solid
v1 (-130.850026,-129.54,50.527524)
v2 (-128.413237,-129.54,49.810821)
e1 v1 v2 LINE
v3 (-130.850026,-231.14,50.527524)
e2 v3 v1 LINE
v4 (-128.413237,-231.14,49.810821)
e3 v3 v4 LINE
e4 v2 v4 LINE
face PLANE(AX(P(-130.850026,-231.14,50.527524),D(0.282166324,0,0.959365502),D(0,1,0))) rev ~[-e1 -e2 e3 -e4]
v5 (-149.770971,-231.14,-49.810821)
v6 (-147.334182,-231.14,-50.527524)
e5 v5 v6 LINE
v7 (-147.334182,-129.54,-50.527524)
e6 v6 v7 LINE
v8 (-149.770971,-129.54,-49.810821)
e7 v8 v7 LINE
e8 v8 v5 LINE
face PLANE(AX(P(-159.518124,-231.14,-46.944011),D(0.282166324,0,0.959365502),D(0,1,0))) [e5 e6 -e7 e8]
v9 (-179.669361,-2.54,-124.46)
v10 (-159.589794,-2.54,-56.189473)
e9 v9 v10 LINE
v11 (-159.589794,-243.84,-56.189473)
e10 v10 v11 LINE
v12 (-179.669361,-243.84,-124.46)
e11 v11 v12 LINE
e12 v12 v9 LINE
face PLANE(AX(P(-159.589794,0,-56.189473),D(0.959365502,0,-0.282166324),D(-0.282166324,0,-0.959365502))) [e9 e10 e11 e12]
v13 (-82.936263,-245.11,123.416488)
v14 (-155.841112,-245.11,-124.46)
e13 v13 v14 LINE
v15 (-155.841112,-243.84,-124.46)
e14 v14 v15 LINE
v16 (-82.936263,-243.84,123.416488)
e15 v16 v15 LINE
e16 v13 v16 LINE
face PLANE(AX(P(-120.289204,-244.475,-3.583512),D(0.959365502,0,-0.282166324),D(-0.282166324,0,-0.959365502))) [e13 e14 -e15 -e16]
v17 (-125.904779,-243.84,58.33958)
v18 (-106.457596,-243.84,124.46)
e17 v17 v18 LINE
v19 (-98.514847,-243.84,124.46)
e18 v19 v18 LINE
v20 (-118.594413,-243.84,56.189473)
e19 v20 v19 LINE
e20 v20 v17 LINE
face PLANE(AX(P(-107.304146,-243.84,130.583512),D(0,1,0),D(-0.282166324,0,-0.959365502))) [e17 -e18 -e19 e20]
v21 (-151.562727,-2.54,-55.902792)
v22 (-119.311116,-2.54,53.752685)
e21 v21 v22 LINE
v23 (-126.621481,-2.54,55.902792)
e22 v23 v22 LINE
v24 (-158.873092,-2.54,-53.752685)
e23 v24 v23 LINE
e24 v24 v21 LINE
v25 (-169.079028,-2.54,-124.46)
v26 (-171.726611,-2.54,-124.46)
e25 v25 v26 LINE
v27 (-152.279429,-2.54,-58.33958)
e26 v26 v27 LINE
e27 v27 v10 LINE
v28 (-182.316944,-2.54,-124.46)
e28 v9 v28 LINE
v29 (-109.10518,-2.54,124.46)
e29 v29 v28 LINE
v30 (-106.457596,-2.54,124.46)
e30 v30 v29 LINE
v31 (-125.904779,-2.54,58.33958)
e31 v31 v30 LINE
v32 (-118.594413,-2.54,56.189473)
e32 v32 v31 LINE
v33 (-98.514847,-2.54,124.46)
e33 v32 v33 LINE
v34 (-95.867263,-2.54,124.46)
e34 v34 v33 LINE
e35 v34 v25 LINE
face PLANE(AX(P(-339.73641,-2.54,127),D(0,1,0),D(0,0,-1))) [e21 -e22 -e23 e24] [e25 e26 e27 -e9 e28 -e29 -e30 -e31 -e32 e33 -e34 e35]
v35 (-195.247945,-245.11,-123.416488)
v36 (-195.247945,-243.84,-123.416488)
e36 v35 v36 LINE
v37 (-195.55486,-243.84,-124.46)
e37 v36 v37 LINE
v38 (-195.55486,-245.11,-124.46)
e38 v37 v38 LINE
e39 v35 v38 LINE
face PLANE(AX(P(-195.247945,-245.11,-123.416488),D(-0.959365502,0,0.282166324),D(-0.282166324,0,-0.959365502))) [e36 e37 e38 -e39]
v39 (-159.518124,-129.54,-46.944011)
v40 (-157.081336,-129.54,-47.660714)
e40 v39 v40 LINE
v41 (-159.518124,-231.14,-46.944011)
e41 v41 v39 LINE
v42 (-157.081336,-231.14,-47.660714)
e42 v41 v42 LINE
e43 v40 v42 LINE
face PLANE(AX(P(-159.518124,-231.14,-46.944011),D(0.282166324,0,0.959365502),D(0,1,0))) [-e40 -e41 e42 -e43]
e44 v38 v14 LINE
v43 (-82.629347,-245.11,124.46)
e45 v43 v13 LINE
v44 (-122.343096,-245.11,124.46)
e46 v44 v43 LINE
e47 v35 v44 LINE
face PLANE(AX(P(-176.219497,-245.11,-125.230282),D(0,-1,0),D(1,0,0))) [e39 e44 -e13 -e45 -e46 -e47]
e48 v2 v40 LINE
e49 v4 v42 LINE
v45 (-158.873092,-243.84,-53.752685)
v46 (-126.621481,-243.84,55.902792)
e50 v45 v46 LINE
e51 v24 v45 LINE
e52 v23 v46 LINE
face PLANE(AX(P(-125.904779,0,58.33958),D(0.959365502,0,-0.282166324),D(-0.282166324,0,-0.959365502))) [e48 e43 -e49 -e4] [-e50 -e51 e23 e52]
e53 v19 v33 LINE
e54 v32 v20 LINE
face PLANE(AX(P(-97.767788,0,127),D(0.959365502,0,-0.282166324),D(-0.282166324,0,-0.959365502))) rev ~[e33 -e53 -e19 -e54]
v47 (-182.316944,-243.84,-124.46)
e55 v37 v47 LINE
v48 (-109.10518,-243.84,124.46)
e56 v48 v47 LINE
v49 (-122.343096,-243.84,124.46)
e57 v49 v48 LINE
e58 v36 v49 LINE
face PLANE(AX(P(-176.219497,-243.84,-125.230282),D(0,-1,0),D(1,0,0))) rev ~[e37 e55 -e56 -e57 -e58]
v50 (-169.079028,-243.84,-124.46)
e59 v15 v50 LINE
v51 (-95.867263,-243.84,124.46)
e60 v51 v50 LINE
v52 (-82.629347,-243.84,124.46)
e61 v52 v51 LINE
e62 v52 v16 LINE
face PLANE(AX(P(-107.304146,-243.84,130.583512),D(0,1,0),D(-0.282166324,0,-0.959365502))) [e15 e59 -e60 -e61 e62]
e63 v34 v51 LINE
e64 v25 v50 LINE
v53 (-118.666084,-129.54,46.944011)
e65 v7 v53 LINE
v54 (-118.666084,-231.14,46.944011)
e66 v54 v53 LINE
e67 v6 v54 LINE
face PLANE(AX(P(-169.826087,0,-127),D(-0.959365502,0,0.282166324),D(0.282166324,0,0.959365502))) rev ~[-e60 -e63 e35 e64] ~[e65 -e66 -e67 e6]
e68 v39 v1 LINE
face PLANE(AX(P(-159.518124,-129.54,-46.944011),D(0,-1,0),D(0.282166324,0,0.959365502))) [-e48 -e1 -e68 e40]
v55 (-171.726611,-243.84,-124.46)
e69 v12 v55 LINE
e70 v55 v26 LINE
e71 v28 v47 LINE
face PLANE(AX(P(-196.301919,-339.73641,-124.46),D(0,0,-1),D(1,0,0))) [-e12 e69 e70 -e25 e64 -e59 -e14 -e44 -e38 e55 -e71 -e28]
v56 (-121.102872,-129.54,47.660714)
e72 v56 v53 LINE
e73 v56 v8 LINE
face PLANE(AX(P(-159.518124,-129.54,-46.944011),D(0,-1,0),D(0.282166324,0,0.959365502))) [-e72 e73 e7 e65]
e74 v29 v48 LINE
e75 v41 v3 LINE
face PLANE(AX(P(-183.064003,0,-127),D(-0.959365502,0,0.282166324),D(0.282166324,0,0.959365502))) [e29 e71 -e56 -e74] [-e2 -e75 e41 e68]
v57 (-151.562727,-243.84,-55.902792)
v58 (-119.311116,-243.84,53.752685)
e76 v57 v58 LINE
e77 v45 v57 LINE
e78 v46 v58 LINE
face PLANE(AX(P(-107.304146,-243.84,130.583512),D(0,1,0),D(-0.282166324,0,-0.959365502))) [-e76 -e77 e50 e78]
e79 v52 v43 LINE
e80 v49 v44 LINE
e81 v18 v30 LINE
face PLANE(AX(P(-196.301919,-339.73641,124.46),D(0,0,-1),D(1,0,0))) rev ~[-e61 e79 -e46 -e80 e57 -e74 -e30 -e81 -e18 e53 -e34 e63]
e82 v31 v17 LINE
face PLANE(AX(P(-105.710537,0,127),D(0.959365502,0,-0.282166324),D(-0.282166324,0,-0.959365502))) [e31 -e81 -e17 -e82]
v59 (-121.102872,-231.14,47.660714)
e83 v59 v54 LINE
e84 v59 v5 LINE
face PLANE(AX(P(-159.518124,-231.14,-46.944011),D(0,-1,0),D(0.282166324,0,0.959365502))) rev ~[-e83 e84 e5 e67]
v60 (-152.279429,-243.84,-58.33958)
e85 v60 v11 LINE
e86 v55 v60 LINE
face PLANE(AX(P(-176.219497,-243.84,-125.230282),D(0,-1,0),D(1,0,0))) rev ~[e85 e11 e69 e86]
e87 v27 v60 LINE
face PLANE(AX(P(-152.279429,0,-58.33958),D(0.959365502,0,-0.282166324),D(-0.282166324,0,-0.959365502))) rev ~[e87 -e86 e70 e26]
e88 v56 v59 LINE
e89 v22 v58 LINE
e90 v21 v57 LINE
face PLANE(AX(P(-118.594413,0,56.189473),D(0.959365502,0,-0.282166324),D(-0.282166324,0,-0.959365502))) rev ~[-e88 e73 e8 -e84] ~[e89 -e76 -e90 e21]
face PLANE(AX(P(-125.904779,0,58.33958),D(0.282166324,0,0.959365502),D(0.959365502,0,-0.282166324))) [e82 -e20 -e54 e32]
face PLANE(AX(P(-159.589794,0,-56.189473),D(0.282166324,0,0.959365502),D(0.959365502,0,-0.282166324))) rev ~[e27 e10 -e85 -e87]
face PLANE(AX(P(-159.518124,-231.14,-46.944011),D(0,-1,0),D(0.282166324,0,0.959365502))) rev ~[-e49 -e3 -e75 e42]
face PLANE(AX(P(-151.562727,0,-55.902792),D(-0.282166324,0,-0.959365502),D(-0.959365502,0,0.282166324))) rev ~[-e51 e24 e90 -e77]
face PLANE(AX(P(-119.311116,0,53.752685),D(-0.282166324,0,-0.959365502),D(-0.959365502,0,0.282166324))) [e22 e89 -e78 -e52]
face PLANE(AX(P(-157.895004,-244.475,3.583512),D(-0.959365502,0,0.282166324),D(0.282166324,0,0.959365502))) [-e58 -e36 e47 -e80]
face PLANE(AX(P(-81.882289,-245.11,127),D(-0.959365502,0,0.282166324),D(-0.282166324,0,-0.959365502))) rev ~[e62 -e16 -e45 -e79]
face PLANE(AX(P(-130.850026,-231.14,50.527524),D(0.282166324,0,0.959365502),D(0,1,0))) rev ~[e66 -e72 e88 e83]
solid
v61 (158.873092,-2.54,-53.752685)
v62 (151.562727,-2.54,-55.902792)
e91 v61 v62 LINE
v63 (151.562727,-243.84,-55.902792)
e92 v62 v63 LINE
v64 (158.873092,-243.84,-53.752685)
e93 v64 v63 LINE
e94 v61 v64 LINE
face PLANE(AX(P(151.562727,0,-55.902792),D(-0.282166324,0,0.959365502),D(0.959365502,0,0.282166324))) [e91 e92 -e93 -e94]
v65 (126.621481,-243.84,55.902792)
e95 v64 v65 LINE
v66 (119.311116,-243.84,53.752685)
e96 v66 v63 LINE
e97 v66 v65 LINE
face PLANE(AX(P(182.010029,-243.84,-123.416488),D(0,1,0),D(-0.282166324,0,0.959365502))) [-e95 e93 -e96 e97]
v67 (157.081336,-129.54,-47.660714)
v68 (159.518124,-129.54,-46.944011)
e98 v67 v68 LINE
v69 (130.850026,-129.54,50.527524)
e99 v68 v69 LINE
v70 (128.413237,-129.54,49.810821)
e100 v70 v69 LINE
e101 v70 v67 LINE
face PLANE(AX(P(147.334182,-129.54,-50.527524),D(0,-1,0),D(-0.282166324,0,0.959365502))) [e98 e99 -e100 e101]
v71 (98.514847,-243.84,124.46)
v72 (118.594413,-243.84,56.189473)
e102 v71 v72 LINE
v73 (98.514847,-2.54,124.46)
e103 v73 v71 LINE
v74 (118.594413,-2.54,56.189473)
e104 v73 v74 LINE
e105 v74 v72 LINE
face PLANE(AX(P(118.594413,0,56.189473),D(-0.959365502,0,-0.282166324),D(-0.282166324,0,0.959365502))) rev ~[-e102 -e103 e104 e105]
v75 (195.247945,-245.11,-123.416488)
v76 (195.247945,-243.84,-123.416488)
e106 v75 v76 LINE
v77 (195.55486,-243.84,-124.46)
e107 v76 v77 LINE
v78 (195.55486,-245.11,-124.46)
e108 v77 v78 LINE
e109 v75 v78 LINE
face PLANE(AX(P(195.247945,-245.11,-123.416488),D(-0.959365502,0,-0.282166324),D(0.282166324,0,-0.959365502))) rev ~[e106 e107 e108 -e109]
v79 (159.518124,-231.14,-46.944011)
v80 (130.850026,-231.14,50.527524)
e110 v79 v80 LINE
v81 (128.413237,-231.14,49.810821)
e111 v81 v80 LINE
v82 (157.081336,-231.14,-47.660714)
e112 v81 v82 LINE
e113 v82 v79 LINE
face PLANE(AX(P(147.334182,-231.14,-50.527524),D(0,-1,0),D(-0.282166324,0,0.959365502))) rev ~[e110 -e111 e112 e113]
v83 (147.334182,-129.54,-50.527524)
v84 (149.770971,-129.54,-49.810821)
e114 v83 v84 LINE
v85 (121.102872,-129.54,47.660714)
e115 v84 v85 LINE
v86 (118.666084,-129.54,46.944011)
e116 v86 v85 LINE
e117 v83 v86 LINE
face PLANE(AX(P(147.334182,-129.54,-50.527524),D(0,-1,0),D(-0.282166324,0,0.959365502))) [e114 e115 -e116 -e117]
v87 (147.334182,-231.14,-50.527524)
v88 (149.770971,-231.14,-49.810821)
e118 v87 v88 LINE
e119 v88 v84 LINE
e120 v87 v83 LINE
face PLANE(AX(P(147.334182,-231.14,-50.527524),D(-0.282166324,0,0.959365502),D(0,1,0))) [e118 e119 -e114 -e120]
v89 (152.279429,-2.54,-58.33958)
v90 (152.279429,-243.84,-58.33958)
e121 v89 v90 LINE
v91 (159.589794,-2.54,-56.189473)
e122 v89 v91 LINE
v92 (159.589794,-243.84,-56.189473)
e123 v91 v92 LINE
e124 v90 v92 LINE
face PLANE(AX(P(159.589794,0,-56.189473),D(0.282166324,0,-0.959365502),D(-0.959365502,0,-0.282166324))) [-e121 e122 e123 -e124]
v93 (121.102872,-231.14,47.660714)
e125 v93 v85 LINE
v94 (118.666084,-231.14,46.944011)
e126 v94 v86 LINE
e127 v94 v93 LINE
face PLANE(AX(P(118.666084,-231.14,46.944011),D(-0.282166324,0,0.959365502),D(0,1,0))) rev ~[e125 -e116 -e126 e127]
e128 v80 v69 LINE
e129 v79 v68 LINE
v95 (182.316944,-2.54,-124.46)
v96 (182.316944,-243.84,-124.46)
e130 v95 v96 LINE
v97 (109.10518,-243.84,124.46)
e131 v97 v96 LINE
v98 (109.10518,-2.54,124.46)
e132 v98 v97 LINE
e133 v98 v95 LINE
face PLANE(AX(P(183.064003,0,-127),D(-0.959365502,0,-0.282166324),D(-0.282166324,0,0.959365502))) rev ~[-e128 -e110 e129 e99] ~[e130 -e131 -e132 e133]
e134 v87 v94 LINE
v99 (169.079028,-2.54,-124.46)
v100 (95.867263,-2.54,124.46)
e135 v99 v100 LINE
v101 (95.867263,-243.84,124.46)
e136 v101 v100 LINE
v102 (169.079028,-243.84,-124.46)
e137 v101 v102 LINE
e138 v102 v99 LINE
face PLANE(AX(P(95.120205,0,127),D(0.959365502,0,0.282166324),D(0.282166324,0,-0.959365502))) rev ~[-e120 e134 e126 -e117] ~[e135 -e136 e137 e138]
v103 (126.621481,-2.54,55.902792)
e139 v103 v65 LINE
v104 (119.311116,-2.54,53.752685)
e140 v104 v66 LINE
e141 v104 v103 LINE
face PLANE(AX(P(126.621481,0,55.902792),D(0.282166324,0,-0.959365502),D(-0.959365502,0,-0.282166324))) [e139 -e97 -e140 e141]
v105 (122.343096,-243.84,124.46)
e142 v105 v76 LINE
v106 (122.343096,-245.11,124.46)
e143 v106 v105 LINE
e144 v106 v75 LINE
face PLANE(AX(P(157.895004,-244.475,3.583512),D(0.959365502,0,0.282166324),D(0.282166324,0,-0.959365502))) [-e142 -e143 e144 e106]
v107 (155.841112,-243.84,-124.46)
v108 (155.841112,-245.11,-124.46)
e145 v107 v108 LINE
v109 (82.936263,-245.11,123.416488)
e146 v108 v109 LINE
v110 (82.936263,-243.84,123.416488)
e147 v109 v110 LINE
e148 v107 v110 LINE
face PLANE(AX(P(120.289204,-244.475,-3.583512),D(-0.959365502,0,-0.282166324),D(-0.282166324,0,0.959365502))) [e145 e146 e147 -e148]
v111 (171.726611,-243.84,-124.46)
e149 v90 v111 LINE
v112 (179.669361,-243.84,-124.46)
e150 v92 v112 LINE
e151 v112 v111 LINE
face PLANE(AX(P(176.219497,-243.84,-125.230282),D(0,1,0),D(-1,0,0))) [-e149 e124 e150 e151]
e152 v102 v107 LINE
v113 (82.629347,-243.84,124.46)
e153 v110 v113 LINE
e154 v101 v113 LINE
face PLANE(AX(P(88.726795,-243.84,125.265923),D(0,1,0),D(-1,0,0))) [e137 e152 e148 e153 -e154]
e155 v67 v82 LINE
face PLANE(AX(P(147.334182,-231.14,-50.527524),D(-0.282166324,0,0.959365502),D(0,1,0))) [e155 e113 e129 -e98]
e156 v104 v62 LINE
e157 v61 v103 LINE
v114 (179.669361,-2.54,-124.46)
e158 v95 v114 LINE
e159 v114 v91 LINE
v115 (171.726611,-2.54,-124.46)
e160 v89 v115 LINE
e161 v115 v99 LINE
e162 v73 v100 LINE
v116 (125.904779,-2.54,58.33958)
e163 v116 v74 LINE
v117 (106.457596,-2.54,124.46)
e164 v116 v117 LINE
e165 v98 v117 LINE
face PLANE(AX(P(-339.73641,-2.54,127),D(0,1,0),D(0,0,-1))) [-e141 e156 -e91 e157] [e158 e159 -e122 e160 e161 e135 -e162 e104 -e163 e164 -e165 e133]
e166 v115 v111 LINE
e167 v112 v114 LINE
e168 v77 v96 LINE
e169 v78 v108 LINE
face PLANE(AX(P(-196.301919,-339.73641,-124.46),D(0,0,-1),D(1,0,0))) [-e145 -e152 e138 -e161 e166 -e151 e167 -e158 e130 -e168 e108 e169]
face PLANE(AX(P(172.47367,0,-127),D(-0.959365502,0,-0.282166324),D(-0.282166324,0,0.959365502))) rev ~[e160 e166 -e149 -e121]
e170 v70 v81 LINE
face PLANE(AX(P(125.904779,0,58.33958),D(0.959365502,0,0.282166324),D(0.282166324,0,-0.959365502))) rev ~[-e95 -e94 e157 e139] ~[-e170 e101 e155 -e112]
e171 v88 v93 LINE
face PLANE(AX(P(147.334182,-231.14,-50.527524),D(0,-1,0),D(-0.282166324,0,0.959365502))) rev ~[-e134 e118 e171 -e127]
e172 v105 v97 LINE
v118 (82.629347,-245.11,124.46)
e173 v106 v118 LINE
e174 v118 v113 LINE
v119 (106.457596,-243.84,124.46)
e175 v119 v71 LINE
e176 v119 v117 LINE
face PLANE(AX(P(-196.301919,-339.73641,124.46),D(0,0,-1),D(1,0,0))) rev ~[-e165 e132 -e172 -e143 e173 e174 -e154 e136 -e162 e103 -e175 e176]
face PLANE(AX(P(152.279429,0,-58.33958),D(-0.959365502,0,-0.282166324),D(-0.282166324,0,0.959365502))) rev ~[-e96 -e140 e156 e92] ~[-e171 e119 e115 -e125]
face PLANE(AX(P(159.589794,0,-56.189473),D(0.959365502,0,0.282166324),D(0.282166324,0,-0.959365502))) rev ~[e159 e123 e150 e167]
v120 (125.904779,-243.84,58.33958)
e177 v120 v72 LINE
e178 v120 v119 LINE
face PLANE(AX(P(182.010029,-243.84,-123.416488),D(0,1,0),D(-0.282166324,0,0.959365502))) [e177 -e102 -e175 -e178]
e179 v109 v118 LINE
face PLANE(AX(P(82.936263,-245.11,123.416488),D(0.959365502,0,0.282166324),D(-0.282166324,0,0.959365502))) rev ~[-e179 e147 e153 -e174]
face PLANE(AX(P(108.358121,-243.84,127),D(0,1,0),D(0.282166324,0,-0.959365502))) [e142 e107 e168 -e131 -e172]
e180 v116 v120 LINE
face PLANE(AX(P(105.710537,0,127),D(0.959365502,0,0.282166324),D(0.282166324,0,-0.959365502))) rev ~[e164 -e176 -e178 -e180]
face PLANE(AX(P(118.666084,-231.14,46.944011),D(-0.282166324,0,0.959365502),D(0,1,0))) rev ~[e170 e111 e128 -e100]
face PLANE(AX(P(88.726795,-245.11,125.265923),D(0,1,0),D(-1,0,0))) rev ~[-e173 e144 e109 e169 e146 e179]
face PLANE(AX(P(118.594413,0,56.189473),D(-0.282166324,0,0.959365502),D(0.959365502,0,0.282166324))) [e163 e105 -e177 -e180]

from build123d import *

# Parameters (mm, degrees)
BOSS_EXTRUDE2_DEPTH      = 245.11
BOSS_EXTRUDE2_2_DEPTH    = 245.11
BOSS_EXTRUDE2_3_DEPTH    = 245.11
BOSS_EXTRUDE2_4_DEPTH    = 245.11
BOSS_EXTRUDE3_DEPTH      = 245.11
SKETCH4_W                = 264.758321603
SKETCH4_H                = 1.27
BOSS_EXTRUDE4_DEPTH      = 12.7
BOSS_EXTRUDE5_DEPTH      = 12.7
BOSS_EXTRUDE5_DEPTH_BACK = 12.7
SKETCH6_W                = 264.758321603
SKETCH6_H                = 1.27
BOSS_EXTRUDE6_DEPTH      = 12.7
BOSS_EXTRUDE6_DEPTH_BACK = 12.7
SKETCH7_W                = 264.758321603
SKETCH7_H                = 1.27
SKETCH8_W                = 264.758321603
SKETCH8_H                = 1.27
BOSS_EXTRUDE7_DEPTH      = 12.7
SKETCH13_W               = 101.6
SKETCH13_H               = 101.6
CUT_EXTRUDE1_DEPTH       = 12.7
SKETCH14_W               = 26.475832161
SKETCH14_H               = 3.583512315
CUT_EXTRUDE2_DEPTH       = 340.488918503
SKETCH15_W               = 26.475832161
SKETCH15_H               = 3.583512315
CUT_EXTRUDE3_DEPTH       = 340.488918503
BOSS_EXTRUDE8_DEPTH      = 1.27
BOSS_EXTRUDE9_DEPTH      = 1.27
SKETCH18_W               = 101.6
SKETCH18_H               = 101.6
CUT_EXTRUDE4_DEPTH       = 434.441384542
CUT_EXTRUDE5_DEPTH       = 339.736410143
CUT_EXTRUDE5_DEPTH_BACK  = 339.736410143
SKETCH19_W               = 254
SKETCH19_H               = 2.54
CUT_EXTRUDE6_DEPTH       = 339.736410143
CUT_EXTRUDE6_DEPTH_BACK  = 339.736410143
SKETCH20_W               = 392.603838272
SKETCH20_H               = 2.54


with BuildPart() as part:
    # Sketch2 → Boss-Extrude2 (new body)
    with BuildSketch(Plane(origin=(0, 0, 0), x_dir=(1, 0, 0), z_dir=(0, 1, 0))):
        Polygon((-159.589794279, 56.189473094), (-152.279429157, 58.339580483), (-151.562726694, 55.902792109), (-158.873091816, 53.75268472), align=None)
    extrude(amount=-BOSS_EXTRUDE2_DEPTH)



with BuildPart() as body_2:
    # Sketch2 → Boss-Extrude2 2 (new body)
    with BuildSketch(Plane(origin=(0, 0, 0), x_dir=(1, 0, 0), z_dir=(0, 1, 0))):
        Polygon((-125.904778521, -58.339580483), (-118.594413399, -56.189473094), (-119.311115862, -53.75268472), (-126.621480984, -55.902792109), align=None)
    extrude(amount=-BOSS_EXTRUDE2_2_DEPTH)


with BuildPart() as body_3:
    # Sketch2 → Boss-Extrude2 3 (new body)
    with BuildSketch(Plane(origin=(0, 0, 0), x_dir=(1, 0, 0), z_dir=(0, 1, 0))):
        Polygon((119.311115862, -53.75268472), (118.594413399, -56.189473094), (125.904778521, -58.339580483), (126.621480984, -55.902792109), align=None)
    extrude(amount=-BOSS_EXTRUDE2_3_DEPTH)


with BuildPart() as body_4:
    # Sketch2 → Boss-Extrude2 4 (new body)
    with BuildSketch(Plane(origin=(0, 0, 0), x_dir=(1, 0, 0), z_dir=(0, 1, 0))):
        Polygon((158.873091816, 53.75268472), (159.589794279, 56.189473094), (152.279429157, 58.339580483), (151.562726694, 55.902792109), align=None)
    extrude(amount=-BOSS_EXTRUDE2_4_DEPTH)


with BuildPart() as part_1:
    add(part.part)

    add(body_2.part)  # Boss-Extrude3 merges body 2

    add(body_3.part)  # Boss-Extrude3 merges body 3

    add(body_4.part)  # Boss-Extrude3 merges body 4
    # Sketch3 → Boss-Extrude3 (add)
    with BuildSketch(Plane(origin=(0, 0, 0), x_dir=(1, 0, 0), z_dir=(0, 1, 0))):
        Polygon((-152.279429157, 58.339580483), (-172.473670191, 127), (-169.826086975, 127), (-95.120204622, -127), (-97.767787838, -127), (-118.594413399, -56.189473094), align=None)
        Polygon((-180.416419839, 127), (-183.064003056, 127), (-108.358120703, -127), (-105.710537487, -127), (-125.904778521, -58.339580483), (-159.589794279, 56.189473094), align=None)
        Polygon((159.589794279, 56.189473094), (180.416419839, 127), (183.064003056, 127), (108.358120703, -127), (105.710537487, -127), (125.904778521, -58.339580483), align=None)
        Polygon((152.279429157, 58.339580483), (118.594413399, -56.189473094), (97.767787838, -127), (95.120204622, -127), (169.826086975, 127), (172.473670191, 127), align=None)
    extrude(amount=-BOSS_EXTRUDE3_DEPTH)

    # Sketch4 → Boss-Extrude4 (add)
    with BuildSketch(Plane(origin=(-134.109862685, 0, 39.44407726), x_dir=(0.28216632399155117, 0, 0.9593655015712703), z_dir=(-0.9593655015712702, 0, 0.2821663239915511))):
        with Locations((-41.114754696, -244.475)):
            Rectangle(SKETCH4_W, SKETCH4_H)
    extrude(amount=BOSS_EXTRUDE4_DEPTH)

    # Sketch6 → Boss-Extrude5 (add, two sides: drawn at the far end of the back side and taken through both)
    with BuildSketch(Plane(origin=(-121.925920815, 0, 35.860564946), x_dir=(-0.28216632399155095, 0, -0.9593655015712704), z_dir=(0.9593655015712704, 0, -0.28216632399155095)).offset(-BOSS_EXTRUDE5_DEPTH_BACK)):
        with Locations((37.379460577, -244.475)):
            Rectangle(SKETCH6_W, SKETCH6_H)
    extrude(amount=BOSS_EXTRUDE5_DEPTH + BOSS_EXTRUDE5_DEPTH_BACK)

    # Sketch7 → Boss-Extrude6 (add, two sides: drawn at the far end of the back side and taken through both)
    with BuildSketch(Plane(origin=(121.925920815, 0, 35.860564946), x_dir=(-0.28216632399155095, 0, 0.9593655015712704), z_dir=(-0.9593655015712704, 0, -0.28216632399155095)).offset(-BOSS_EXTRUDE6_DEPTH_BACK)):
        with Locations((-37.379460577, -244.475)):
            Rectangle(SKETCH7_W, SKETCH7_H)
    extrude(amount=BOSS_EXTRUDE6_DEPTH + BOSS_EXTRUDE6_DEPTH_BACK)

    # Sketch8 → Boss-Extrude7 (add)
    with BuildSketch(Plane(origin=(134.109862685, 0, 39.44407726), x_dir=(0.28216632399155117, 0, -0.9593655015712703), z_dir=(0.9593655015712702, 0, 0.2821663239915511))):
        with Locations((41.114754696, -244.475)):
            Rectangle(SKETCH8_W, SKETCH8_H)
    extrude(amount=BOSS_EXTRUDE7_DEPTH)

    # Sketch13 → Cut-Extrude1 (cut)
    with BuildSketch(Plane(origin=(-134.109862685, 0, 39.44407726), x_dir=(0.28216632399155117, 0, 0.9593655015712703), z_dir=(-0.9593655015712702, 0, 0.2821663239915511))):
        with Locations((-39.247107636, -180.34)):
            Rectangle(SKETCH13_W, SKETCH13_H)
    extrude(amount=-CUT_EXTRUDE1_DEPTH, mode=Mode.SUBTRACT)

    # Sketch14 → Cut-Extrude2 (cut, through all)
    with BuildSketch(Plane(origin=(0, 0, 0), x_dir=(1, 0, 0), z_dir=(0, 1, 0))):
        with Locations((-169.826086976, 128.791756158)):
            Rectangle(SKETCH14_W, SKETCH14_H)
        with Locations((169.826086976, 128.791756158)):
            Rectangle(SKETCH14_W, SKETCH14_H)
    extrude(amount=-CUT_EXTRUDE2_DEPTH, mode=Mode.SUBTRACT)

    # Sketch15 → Cut-Extrude3 (cut, through all)
    with BuildSketch(Plane(origin=(0, 0, 0), x_dir=(1, 0, 0), z_dir=(0, 1, 0))):
        with Locations((-108.358120703, -128.791756158)):
            Rectangle(SKETCH15_W, SKETCH15_H)
        with Locations((108.358120703, -128.791756158)):
            Rectangle(SKETCH15_W, SKETCH15_H)
    extrude(amount=-CUT_EXTRUDE3_DEPTH, mode=Mode.SUBTRACT)

    # Sketch16 → Boss-Extrude8 (add)
    with BuildSketch(Plane.XZ.offset(245.11)):
        Polygon((-82.936262752, 123.416487685), (-95.120204622, 123.416487685), (-95.120204622, 127), (-81.882288542, 127), align=None)
        Polygon((82.936262752, 123.416487685), (81.882288542, 127), (95.120204622, 127), (95.120204622, 123.416487685), align=None)
    extrude(amount=-BOSS_EXTRUDE8_DEPTH)

    # Sketch17 → Boss-Extrude9 (add)
    with BuildSketch(Plane.XZ.offset(245.11)):
        Polygon((-195.247944925, -123.416487685), (-196.301919136, -127), (-156.588170895, -127), (-156.588170895, -123.416487685), align=None)
        Polygon((156.588170895, -123.416487685), (195.247944925, -123.416487685), (196.301919136, -127), (156.588170895, -127), align=None)
    extrude(amount=-BOSS_EXTRUDE9_DEPTH)

    # Sketch18 → Cut-Extrude4 (cut, through all)
    with BuildSketch(Plane(origin=(121.925920815, 0, 35.860564946), x_dir=(-0.28216632399155095, 0, 0.9593655015712704), z_dir=(-0.9593655015712704, 0, -0.28216632399155095))):
        with Locations((-39.247107636, -180.34)):
            Rectangle(SKETCH18_W, SKETCH18_H)
    extrude(amount=-CUT_EXTRUDE4_DEPTH, mode=Mode.SUBTRACT)

    # Sketch19 → Cut-Extrude5 (cut, two sides: drawn at the far end of the back side and taken through both)
    with BuildSketch(Plane(origin=(0, 0, 0), x_dir=(0, 0, -1), z_dir=(1, 0, 0)).offset(-CUT_EXTRUDE5_DEPTH_BACK)):
        with Locations((0, -1.27)):
            Rectangle(SKETCH19_W, SKETCH19_H)
    extrude(amount=CUT_EXTRUDE5_DEPTH + CUT_EXTRUDE5_DEPTH_BACK, mode=Mode.SUBTRACT)

    # Sketch20 → Cut-Extrude6 (cut, two sides: drawn at the far end of the back side and taken through both)
    with BuildSketch(Plane(origin=(0, 0, 0), x_dir=(1, 0, 0), z_dir=(0, 1, 0)).offset(-CUT_EXTRUDE6_DEPTH_BACK)):
        with Locations((0, 125.73)):
            Rectangle(SKETCH20_W, SKETCH20_H)
        with Locations((0, -125.73)):
            Rectangle(SKETCH20_W, SKETCH20_H)
    extrude(amount=CUT_EXTRUDE6_DEPTH + CUT_EXTRUDE6_DEPTH_BACK, mode=Mode.SUBTRACT)


solid = part_1.part
